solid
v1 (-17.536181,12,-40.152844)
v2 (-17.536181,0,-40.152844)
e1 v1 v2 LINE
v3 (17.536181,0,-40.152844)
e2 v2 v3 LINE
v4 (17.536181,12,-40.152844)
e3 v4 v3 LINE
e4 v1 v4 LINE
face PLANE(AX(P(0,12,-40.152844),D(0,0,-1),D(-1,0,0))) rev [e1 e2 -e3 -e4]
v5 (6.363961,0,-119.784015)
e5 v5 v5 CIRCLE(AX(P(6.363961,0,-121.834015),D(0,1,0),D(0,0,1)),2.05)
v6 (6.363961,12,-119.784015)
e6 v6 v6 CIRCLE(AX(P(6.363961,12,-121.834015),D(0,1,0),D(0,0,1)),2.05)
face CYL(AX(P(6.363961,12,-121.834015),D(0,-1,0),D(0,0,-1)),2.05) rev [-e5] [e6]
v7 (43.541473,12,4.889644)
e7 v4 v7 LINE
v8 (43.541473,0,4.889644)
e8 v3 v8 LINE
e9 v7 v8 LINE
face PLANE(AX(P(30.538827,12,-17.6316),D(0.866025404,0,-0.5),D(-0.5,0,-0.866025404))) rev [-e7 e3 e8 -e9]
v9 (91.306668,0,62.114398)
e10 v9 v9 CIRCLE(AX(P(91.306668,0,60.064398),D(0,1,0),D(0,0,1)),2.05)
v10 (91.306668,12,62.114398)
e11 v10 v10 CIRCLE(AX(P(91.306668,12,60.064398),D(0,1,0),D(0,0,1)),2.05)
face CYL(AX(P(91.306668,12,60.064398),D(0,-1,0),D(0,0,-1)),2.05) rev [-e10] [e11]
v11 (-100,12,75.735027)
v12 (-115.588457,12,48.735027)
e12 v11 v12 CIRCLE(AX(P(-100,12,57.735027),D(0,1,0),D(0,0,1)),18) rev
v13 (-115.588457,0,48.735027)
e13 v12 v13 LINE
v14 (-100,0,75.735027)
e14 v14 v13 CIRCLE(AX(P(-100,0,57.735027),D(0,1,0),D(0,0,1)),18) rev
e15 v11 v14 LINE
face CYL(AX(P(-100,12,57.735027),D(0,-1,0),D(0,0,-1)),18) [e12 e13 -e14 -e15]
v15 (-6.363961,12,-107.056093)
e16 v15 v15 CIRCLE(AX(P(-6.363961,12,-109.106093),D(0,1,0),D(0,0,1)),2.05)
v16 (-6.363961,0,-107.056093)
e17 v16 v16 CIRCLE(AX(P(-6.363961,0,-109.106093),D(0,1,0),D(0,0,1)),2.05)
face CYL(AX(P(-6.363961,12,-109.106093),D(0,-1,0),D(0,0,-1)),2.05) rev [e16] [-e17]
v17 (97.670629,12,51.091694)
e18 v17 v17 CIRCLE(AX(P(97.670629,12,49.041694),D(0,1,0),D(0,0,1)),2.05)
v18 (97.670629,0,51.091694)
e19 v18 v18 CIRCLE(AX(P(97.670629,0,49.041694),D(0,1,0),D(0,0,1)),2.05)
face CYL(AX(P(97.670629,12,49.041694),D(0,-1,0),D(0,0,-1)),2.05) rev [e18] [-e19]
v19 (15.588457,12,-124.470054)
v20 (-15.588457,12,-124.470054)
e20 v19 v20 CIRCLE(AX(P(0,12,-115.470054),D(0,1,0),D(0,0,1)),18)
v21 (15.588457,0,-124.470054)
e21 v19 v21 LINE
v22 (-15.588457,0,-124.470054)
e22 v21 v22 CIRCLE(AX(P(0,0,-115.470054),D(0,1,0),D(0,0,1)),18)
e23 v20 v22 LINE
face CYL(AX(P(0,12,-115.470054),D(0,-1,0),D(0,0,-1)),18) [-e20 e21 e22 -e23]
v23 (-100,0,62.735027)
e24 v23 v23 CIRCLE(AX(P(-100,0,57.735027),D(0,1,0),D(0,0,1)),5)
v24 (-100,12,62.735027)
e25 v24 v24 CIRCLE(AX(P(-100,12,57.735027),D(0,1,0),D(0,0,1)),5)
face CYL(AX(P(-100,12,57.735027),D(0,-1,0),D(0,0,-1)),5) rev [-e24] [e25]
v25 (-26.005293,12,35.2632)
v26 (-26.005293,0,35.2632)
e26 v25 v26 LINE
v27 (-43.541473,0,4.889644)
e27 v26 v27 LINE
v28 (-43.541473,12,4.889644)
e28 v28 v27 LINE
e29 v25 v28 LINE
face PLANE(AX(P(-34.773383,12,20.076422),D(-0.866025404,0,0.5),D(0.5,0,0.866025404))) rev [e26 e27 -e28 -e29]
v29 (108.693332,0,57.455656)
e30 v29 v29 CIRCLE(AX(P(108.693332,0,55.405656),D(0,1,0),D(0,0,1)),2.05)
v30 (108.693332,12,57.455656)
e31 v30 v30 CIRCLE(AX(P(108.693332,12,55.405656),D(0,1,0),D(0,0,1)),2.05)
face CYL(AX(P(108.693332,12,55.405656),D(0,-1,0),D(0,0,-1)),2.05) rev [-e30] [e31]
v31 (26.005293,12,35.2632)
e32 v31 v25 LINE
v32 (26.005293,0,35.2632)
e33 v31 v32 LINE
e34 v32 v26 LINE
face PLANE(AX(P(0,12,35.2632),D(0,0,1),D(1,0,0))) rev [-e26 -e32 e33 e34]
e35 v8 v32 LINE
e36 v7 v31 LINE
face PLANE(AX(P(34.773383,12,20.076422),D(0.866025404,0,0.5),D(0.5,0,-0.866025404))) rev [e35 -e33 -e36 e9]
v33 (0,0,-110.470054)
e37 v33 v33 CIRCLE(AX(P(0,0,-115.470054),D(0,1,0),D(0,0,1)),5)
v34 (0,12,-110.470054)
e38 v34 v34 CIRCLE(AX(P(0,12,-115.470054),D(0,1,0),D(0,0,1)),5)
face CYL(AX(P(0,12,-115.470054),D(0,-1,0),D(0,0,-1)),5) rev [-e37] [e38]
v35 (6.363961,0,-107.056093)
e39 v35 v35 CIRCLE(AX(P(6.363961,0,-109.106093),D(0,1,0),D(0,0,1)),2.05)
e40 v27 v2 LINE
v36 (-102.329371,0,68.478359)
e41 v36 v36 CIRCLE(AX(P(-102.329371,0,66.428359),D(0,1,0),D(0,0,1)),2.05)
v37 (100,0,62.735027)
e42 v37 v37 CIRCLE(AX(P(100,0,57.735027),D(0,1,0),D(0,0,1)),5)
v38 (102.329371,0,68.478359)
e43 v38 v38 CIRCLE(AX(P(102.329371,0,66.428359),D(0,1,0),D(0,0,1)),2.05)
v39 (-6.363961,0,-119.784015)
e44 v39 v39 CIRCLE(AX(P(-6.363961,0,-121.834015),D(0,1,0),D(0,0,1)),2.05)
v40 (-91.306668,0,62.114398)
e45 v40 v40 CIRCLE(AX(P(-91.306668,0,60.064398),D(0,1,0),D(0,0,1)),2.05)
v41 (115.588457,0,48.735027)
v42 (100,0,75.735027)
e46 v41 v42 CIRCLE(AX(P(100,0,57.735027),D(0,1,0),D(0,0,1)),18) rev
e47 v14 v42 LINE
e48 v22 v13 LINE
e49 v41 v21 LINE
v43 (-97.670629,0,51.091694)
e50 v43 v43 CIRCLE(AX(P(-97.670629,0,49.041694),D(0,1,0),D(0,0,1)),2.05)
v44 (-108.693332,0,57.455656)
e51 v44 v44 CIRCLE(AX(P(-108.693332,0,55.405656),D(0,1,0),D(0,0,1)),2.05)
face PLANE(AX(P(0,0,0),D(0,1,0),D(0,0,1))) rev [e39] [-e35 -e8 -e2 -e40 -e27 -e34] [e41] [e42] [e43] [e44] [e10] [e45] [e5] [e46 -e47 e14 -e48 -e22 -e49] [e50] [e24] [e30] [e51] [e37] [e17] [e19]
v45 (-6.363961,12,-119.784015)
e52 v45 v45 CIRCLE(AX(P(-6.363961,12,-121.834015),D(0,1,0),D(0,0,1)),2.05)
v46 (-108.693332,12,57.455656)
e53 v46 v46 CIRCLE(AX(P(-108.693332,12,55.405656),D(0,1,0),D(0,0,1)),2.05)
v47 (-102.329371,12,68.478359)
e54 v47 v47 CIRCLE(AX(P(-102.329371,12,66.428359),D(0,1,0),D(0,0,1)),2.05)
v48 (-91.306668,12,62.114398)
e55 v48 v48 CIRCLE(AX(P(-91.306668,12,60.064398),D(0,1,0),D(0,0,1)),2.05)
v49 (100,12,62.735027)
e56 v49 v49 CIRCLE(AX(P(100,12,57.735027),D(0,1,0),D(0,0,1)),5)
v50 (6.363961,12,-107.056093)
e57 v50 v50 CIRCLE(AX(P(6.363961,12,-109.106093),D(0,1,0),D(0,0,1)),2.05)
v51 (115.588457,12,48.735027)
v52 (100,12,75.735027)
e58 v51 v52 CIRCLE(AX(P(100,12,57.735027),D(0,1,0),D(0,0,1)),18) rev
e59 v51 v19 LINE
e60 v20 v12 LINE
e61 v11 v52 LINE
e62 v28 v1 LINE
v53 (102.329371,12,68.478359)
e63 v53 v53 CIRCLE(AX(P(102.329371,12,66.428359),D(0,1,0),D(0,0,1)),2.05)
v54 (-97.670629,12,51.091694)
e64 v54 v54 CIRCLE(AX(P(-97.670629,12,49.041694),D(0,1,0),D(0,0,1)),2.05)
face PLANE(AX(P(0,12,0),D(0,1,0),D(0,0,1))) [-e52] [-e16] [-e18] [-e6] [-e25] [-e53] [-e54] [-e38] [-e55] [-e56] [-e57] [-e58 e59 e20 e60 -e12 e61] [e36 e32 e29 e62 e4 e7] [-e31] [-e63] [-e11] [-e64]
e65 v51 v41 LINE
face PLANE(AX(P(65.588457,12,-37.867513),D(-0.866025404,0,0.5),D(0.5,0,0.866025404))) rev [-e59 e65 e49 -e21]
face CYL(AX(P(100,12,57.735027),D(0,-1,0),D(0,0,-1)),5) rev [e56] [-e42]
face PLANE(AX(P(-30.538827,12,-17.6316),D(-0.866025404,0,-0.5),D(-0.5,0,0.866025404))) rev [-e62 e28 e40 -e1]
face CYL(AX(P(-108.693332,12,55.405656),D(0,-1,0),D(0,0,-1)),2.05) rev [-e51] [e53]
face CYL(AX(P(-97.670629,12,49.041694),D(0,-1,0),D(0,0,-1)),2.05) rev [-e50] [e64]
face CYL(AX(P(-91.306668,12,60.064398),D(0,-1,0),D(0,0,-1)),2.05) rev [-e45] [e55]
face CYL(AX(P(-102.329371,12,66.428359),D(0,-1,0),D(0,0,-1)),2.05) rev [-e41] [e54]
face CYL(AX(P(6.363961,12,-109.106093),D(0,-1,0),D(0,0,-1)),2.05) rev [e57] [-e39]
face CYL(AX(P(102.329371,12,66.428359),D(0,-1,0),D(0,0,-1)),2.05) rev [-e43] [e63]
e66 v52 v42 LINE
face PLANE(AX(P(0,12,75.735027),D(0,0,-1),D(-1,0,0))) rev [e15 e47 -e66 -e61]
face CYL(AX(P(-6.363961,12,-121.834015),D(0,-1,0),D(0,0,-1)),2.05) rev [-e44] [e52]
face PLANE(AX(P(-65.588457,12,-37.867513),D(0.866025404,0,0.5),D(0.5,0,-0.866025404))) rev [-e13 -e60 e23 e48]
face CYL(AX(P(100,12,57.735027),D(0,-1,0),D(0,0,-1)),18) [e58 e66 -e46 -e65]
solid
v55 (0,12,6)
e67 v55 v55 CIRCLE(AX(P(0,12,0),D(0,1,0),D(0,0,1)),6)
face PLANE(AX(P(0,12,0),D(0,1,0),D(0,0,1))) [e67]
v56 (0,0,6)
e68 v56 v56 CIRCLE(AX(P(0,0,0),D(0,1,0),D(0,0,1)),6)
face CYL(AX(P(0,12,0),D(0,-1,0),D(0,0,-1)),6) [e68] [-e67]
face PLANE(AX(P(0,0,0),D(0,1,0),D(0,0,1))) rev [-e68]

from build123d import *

# Parameters (mm, degrees)
SKETCH1_R             = 6
BOSS_EXTRUDE1_DEPTH   = 12
SKETCH1_R_2           = 5
SKETCH1_R_3           = 2.05
BOSS_EXTRUDE1_2_DEPTH = 12


with BuildPart() as part:
    # Sketch1 → Boss-Extrude1 (new body)
    with BuildSketch(Plane(origin=(0, 0, 0), x_dir=(1, 0, 0), z_dir=(0, 1, 0))):
        with Locations(Location((0, 0, 0), (0, 0, 270))):
            Circle(SKETCH1_R)
    extrude(amount=BOSS_EXTRUDE1_DEPTH)


with BuildPart() as body_2:
    # Sketch1 → Boss-Extrude1 2 (new body)
    with BuildSketch(Plane(origin=(0, 0, 0), x_dir=(1, 0, 0), z_dir=(0, 1, 0))):
        with BuildLine():
            Line((-15.588457268, 124.470053838), (-115.588457268, -48.735026919))
            ThreePointArc((-115.588457268, -48.735026919), (-115.588457268, -66.735026919), (-100, -75.735026919))
            Line((-100, -75.735026919), (100, -75.735026919))
            ThreePointArc((100, -75.735026919), (115.588457268, -66.735026919), (115.588457268, -48.735026919))
            Line((115.588457268, -48.735026919), (15.588457268, 124.470053838))
            ThreePointArc((15.588457268, 124.470053838), (0, 133.470053838), (-15.588457268, 124.470053838))
        make_face()
        with Locations(Location((0, 115.470053838, 0), (0, 0, 270))):
            Circle(SKETCH1_R_2, mode=Mode.SUBTRACT)
        with Locations(Location((-6.363961031, 121.834014869, 0), (0, 0, 270))):
            Circle(SKETCH1_R_3, mode=Mode.SUBTRACT)
        with Locations(Location((-6.363961031, 109.106092807, 0), (0, 0, 270))):
            Circle(SKETCH1_R_3, mode=Mode.SUBTRACT)
        with Locations(Location((6.363961031, 109.106092807, 0), (0, 0, 270))):
            Circle(SKETCH1_R_3, mode=Mode.SUBTRACT)
        with Locations(Location((6.363961031, 121.834014869, 0), (0, 0, 270))):
            Circle(SKETCH1_R_3, mode=Mode.SUBTRACT)
        with Locations(Location((100, -57.735026919, 0), (0, 0, 270))):
            Circle(SKETCH1_R_2, mode=Mode.SUBTRACT)
        with Locations(Location((-100, -57.735026919, 0), (0, 0, 270))):
            Circle(SKETCH1_R_2, mode=Mode.SUBTRACT)
        with Locations(Location((91.306667563, -60.064398325, 0), (0, 0, 270))):
            Circle(SKETCH1_R_3, mode=Mode.SUBTRACT)
        with Locations(Location((102.329371406, -66.428359356, 0), (0, 0, 270))):
            Circle(SKETCH1_R_3, mode=Mode.SUBTRACT)
        with Locations(Location((108.693332437, -55.405655513, 0), (0, 0, 270))):
            Circle(SKETCH1_R_3, mode=Mode.SUBTRACT)
        with Locations(Location((97.670628594, -49.041694482, 0), (0, 0, 270))):
            Circle(SKETCH1_R_3, mode=Mode.SUBTRACT)
        with Locations(Location((-108.693332437, -55.405655513, 0), (0, 0, 270))):
            Circle(SKETCH1_R_3, mode=Mode.SUBTRACT)
        with Locations(Location((-102.329371406, -66.428359356, 0), (0, 0, 270))):
            Circle(SKETCH1_R_3, mode=Mode.SUBTRACT)
        with Locations(Location((-91.306667563, -60.064398325, 0), (0, 0, 270))):
            Circle(SKETCH1_R_3, mode=Mode.SUBTRACT)
        with Locations(Location((-97.670628594, -49.041694482, 0), (0, 0, 270))):
            Circle(SKETCH1_R_3, mode=Mode.SUBTRACT)
        Polygon((-17.536180574, 40.152844192), (17.536180574, 40.152844192), (43.541473392, -4.889644233), (26.005292817, -35.263199959), (-26.005292817, -35.263199959), (-43.541473392, -4.889644233), align=None, mode=Mode.SUBTRACT)
    extrude(amount=BOSS_EXTRUDE1_2_DEPTH)


solid = Compound([part.part, body_2.part])
